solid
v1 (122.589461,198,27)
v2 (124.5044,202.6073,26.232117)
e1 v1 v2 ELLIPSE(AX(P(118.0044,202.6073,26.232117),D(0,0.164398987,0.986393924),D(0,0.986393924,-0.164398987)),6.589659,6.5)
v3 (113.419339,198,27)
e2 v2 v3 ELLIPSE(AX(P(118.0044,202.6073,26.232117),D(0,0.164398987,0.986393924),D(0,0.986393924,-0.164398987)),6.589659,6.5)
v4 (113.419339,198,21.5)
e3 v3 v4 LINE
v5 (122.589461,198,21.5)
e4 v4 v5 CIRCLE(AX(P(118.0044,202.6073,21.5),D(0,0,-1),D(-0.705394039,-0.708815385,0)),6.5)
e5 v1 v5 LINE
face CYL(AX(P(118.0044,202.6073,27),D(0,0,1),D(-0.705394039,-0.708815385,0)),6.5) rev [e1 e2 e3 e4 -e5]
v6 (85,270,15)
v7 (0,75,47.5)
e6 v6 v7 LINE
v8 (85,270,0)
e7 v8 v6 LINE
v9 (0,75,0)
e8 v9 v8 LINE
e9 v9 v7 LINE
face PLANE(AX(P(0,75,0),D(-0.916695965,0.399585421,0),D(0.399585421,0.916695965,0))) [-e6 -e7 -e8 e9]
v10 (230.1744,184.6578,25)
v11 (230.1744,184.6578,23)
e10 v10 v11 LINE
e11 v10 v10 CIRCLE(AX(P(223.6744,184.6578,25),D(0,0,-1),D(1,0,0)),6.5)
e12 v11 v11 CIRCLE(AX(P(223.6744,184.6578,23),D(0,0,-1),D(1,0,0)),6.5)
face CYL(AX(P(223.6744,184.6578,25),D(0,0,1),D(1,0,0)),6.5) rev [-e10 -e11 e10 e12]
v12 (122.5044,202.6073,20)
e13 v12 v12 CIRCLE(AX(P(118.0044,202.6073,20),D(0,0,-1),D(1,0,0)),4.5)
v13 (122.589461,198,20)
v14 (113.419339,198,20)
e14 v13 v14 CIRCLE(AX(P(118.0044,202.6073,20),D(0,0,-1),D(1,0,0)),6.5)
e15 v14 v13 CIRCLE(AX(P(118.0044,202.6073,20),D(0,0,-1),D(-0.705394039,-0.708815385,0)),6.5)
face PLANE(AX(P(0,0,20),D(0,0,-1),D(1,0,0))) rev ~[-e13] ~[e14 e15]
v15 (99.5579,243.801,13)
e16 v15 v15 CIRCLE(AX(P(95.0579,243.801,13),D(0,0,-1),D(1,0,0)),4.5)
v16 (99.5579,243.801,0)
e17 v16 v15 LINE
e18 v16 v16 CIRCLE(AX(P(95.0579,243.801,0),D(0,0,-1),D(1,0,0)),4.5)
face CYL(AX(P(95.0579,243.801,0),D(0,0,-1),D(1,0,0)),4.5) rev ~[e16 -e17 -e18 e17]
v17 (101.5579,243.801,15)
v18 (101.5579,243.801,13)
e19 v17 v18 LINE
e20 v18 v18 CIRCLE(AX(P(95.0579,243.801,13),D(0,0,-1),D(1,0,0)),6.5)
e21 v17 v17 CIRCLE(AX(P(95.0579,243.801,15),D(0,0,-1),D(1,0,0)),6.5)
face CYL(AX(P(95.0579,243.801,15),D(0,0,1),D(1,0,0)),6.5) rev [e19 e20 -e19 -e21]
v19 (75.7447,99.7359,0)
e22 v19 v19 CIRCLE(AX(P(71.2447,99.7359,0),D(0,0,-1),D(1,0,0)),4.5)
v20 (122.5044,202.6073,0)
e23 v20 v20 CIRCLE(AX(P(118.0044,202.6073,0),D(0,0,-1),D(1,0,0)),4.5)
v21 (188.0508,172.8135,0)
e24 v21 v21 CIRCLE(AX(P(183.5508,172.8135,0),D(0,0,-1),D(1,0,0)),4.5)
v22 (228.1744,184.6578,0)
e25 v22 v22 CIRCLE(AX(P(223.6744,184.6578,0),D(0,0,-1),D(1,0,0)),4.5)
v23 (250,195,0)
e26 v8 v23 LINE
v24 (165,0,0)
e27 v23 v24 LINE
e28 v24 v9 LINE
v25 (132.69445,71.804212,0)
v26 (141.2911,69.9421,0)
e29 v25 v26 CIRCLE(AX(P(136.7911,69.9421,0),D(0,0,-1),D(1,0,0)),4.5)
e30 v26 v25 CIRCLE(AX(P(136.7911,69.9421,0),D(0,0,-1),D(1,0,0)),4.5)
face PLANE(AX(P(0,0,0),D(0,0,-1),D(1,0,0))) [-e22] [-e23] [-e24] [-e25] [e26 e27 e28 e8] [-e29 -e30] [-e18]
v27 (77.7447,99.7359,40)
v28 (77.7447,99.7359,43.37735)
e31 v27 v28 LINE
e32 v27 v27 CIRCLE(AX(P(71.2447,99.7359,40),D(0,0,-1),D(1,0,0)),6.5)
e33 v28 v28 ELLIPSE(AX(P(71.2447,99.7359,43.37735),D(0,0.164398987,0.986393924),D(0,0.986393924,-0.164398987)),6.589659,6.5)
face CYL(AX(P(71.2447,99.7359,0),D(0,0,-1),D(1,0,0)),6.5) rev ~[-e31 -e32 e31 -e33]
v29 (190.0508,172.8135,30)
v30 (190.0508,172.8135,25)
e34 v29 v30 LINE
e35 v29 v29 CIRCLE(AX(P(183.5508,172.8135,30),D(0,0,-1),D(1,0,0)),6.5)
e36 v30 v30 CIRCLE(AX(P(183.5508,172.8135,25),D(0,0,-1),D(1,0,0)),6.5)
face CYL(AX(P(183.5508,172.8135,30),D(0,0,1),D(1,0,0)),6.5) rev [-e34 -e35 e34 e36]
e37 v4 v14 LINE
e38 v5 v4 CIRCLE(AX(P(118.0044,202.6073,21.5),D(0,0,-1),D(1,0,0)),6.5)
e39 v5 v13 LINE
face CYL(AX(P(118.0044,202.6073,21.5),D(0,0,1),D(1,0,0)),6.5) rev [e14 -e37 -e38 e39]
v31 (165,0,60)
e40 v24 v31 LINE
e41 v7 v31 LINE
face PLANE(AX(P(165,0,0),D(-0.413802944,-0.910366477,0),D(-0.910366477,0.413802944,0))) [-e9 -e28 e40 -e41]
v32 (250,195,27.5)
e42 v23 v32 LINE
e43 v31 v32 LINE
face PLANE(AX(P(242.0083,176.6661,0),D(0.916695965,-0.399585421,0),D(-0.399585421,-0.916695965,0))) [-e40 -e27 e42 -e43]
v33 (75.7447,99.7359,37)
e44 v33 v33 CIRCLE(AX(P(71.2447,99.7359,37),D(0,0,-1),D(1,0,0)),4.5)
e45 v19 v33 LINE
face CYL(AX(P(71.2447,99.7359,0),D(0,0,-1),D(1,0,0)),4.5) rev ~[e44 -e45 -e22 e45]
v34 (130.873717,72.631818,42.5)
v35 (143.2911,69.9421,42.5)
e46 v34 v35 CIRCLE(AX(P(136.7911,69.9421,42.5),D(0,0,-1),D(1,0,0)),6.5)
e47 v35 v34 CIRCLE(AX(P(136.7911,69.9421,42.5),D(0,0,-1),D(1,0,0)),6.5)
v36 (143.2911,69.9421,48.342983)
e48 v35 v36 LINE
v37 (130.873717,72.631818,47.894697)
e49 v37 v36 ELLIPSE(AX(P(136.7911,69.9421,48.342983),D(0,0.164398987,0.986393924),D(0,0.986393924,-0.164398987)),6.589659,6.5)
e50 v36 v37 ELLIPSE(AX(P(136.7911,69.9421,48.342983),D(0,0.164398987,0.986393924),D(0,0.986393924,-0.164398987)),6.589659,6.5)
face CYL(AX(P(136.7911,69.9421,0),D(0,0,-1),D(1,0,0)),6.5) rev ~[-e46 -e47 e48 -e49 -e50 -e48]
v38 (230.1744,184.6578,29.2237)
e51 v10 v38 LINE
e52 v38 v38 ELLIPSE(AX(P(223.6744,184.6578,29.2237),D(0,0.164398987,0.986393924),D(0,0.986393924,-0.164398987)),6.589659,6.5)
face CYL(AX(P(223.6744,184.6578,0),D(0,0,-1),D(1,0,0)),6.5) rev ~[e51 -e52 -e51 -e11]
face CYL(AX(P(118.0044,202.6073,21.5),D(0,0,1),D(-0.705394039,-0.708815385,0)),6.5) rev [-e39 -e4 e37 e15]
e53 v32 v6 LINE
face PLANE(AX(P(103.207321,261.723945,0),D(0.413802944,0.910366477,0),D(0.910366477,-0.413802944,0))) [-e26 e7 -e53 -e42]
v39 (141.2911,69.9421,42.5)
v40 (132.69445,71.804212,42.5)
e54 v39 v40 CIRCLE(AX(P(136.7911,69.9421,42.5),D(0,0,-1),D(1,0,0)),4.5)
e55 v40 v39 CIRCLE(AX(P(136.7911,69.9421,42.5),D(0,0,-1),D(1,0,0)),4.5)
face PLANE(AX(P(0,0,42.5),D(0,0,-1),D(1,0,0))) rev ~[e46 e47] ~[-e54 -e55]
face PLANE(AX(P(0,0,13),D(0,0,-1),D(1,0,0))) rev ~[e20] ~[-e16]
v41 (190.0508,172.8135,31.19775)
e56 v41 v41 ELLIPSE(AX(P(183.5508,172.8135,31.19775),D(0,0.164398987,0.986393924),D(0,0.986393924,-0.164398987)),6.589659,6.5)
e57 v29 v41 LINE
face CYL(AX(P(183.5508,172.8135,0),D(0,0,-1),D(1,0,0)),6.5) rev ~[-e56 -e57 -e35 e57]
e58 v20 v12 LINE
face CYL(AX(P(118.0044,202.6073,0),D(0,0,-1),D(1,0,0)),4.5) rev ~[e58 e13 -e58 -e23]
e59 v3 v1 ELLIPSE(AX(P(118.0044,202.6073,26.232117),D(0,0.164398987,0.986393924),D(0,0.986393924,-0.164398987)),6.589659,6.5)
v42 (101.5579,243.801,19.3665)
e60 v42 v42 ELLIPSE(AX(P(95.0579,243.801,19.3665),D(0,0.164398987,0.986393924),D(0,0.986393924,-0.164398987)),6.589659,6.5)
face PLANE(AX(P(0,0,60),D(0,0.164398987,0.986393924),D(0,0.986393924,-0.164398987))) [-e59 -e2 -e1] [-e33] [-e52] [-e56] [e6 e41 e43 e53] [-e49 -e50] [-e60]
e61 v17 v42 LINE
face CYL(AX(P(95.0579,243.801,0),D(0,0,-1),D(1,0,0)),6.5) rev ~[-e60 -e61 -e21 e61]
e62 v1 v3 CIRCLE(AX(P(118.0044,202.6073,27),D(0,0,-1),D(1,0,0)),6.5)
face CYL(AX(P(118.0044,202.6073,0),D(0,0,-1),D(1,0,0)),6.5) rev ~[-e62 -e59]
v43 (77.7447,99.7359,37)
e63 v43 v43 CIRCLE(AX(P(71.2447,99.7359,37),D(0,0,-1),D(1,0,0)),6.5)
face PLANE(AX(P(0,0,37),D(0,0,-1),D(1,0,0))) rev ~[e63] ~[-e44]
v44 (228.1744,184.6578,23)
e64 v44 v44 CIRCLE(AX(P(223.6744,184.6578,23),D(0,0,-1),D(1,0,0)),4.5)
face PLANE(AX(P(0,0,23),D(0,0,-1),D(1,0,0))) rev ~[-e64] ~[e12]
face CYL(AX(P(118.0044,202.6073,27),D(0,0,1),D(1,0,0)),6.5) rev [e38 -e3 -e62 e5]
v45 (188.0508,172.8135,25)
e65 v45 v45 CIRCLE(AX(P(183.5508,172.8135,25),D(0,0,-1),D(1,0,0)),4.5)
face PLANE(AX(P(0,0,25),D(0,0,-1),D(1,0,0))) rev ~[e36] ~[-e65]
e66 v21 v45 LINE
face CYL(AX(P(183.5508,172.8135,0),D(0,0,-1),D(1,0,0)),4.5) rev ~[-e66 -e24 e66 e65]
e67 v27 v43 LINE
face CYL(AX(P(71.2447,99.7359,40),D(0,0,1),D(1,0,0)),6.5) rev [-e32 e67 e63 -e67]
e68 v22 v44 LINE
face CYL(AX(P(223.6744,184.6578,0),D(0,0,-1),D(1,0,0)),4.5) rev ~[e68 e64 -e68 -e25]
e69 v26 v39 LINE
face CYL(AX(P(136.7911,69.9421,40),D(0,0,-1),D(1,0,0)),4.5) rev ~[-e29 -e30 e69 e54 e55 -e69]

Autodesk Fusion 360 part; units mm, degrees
sketch "Sketch1" plane through (0, 0, 0) normal (1, 0, 0) x (0, 1, 0)
  line L0 (0, 0) -> (0, 60)
  line L1 (0, 0) -> (270, 0)
  line L2 (270, 0) -> (270, 15)
  line L3 (0, 60) -> (270, 15)
  dimension "d1" = 60
  dimension "d2" = 270
  dimension "d3" = 15
extrude "Extrude1" add sketch "Sketch1" along normal blind 250
sketch "Sketch2" plane through (0, 0, 0) normal (0, 0, -1) x (1, 0, 0)
  line L0 (0, 0) -> (0, -270)
  line L1 (0, -270) -> (250, -270)
  line L2 (250, -270) -> (250, 0)
  line L3 (250, 0) -> (0, 0)
  line L4 (250, -270) -> (250, -195)
  line L5 (250, 0) -> (165, 0)
  line L6 (0, 0) -> (0, -75)
  line L7 (250, -195) -> (165, 0)
  line L8 (165, 0) -> (0, -75)
  line L9 (0, -270) -> (85, -270)
  line L10 (0, -75) -> (85, -270)
  line L11 (85, -270) -> (250, -195)
  line L12 (0, -270) -> (250, -270)
  line L13 (250, -270) -> (250, 0)
  line L14 (250, 0) -> (0, 0)
  line L15 (0, 0) -> (0, -270)
  line L16 (250, -195) -> (231.6661, -202.9917)
  line L17 (250, -195) -> (242.0083, -176.6661)
  circle A0 centre (223.6744, -184.6578) radius 4.5
  line L18 (85, -270) -> (76.7239, -251.7927)
  line L19 (85, -270) -> (103.2073, -261.7239)
  circle A1 centre (95.0579, -243.801) radius 4.5
  line L20 (0, -75) -> (82.5001, -37.4999)
  line L21 (104.0179, -84.839) -> (136.7911, -69.9421)
  circle A2 centre (71.2447, -99.7359) radius 4.5
  circle A3 centre (136.7911, -69.9421) radius 4.5
  circle A4 centre (118.0044, -202.6073) radius 4.5
  circle A5 centre (183.5508, -172.8135) radius 4.5
  circle A6 centre (95.0579, -243.801) radius 6.5
  circle A7 centre (223.6744, -184.6578) radius 6.5
  circle A8 centre (71.2447, -99.7359) radius 6.5
  circle A9 centre (136.7911, -69.9421) radius 6.5
  circle A10 centre (118.0044, -202.6073) radius 6.5
  circle A11 centre (183.5508, -172.8135) radius 6.5
  dimension "d6" = 75
  dimension "d7" = 85
  dimension "d8" = 75
  dimension "d9" = 85
  dimension "d12" = 20
  dimension "d13" = 20
  dimension "d15" = 9
  dimension "d16" = 20
  dimension "d17" = 20
  dimension "d19" = 9
  dimension "d21" = 90.623
  dimension "d22" = 52
  dimension "d23" = 36
  dimension "d24" = 36
  dimension "d25" = 9
  dimension "d26" = 9
  dimension "d27" = 113
  dimension "d28" = 113
  dimension "d29" = 9
  dimension "d30" = 9
  dimension "d33" = 13
  dimension "d34" = 13
  dimension "d35" = 13
  dimension "d36" = 13
  dimension "d37" = 13
  dimension "d38" = 13
extrude "Extrude2" cut sketch "Sketch2" against normal blind 100 contours L0 L3 L6 L8 L14 L15 L20 | L0 L1 L9 L10 L12 L15 | L2 L3 L5 L7 L13 L14 L17 | L1 L2 L4 L11 L12 L13 L19
extrude "Extrude3" cut sketch "Sketch2" against normal blind 100 contours A0 | A1 | A3 | A2 | A4 | A5
extrude "Extrude4" cut sketch "Sketch2" against normal blind 100 contours A9 | A6 | A7 | A8 | A10 | A11
extrude "Extrude5" add sketch "Sketch2" against normal blind 25 contours A7
extrude "Extrude6" cut 1 faces at (219.6356, 180.4699, 25) along direction (0, 0, -1) blind 2
extrude "Extrude7" add sketch "Sketch2" against normal blind 30 contours A11
extrude "Extrude8" cut 1 faces at (188.9248, 175.043, 30) along direction (0, 0, -1) blind 5
extrude "Extrude9" add sketch "Sketch2" against normal blind 27 contours A10
extrude "Extrude10" cut 1 faces at (117.5741, 208.413, 27) along direction (0, 0, -1) blind 5.5
extrude "Extrude11" cut 1 faces at (117.5741, 208.413, 21.5) along direction (0, 0, -1) blind 1.5
extrude "Extrude12" add sketch "Sketch2" against normal blind 15 contours A6
extrude "Extrude13" cut 1 faces at (99.5359, 247.5155, 15) along direction (0, 0, -1) blind 2
extrude "Extrude14" add sketch "Sketch2" against normal blind 40 contours A9 | A8
extrude "Extrude15" cut 1 faces at (77.0371, 100.2824, 40) along direction (0, 0, -1) blind 3
extrude "Extrude16" add 1 faces at (142.5835, 70.4886, 40) along direction (0, 0, 1) blind 2.5
